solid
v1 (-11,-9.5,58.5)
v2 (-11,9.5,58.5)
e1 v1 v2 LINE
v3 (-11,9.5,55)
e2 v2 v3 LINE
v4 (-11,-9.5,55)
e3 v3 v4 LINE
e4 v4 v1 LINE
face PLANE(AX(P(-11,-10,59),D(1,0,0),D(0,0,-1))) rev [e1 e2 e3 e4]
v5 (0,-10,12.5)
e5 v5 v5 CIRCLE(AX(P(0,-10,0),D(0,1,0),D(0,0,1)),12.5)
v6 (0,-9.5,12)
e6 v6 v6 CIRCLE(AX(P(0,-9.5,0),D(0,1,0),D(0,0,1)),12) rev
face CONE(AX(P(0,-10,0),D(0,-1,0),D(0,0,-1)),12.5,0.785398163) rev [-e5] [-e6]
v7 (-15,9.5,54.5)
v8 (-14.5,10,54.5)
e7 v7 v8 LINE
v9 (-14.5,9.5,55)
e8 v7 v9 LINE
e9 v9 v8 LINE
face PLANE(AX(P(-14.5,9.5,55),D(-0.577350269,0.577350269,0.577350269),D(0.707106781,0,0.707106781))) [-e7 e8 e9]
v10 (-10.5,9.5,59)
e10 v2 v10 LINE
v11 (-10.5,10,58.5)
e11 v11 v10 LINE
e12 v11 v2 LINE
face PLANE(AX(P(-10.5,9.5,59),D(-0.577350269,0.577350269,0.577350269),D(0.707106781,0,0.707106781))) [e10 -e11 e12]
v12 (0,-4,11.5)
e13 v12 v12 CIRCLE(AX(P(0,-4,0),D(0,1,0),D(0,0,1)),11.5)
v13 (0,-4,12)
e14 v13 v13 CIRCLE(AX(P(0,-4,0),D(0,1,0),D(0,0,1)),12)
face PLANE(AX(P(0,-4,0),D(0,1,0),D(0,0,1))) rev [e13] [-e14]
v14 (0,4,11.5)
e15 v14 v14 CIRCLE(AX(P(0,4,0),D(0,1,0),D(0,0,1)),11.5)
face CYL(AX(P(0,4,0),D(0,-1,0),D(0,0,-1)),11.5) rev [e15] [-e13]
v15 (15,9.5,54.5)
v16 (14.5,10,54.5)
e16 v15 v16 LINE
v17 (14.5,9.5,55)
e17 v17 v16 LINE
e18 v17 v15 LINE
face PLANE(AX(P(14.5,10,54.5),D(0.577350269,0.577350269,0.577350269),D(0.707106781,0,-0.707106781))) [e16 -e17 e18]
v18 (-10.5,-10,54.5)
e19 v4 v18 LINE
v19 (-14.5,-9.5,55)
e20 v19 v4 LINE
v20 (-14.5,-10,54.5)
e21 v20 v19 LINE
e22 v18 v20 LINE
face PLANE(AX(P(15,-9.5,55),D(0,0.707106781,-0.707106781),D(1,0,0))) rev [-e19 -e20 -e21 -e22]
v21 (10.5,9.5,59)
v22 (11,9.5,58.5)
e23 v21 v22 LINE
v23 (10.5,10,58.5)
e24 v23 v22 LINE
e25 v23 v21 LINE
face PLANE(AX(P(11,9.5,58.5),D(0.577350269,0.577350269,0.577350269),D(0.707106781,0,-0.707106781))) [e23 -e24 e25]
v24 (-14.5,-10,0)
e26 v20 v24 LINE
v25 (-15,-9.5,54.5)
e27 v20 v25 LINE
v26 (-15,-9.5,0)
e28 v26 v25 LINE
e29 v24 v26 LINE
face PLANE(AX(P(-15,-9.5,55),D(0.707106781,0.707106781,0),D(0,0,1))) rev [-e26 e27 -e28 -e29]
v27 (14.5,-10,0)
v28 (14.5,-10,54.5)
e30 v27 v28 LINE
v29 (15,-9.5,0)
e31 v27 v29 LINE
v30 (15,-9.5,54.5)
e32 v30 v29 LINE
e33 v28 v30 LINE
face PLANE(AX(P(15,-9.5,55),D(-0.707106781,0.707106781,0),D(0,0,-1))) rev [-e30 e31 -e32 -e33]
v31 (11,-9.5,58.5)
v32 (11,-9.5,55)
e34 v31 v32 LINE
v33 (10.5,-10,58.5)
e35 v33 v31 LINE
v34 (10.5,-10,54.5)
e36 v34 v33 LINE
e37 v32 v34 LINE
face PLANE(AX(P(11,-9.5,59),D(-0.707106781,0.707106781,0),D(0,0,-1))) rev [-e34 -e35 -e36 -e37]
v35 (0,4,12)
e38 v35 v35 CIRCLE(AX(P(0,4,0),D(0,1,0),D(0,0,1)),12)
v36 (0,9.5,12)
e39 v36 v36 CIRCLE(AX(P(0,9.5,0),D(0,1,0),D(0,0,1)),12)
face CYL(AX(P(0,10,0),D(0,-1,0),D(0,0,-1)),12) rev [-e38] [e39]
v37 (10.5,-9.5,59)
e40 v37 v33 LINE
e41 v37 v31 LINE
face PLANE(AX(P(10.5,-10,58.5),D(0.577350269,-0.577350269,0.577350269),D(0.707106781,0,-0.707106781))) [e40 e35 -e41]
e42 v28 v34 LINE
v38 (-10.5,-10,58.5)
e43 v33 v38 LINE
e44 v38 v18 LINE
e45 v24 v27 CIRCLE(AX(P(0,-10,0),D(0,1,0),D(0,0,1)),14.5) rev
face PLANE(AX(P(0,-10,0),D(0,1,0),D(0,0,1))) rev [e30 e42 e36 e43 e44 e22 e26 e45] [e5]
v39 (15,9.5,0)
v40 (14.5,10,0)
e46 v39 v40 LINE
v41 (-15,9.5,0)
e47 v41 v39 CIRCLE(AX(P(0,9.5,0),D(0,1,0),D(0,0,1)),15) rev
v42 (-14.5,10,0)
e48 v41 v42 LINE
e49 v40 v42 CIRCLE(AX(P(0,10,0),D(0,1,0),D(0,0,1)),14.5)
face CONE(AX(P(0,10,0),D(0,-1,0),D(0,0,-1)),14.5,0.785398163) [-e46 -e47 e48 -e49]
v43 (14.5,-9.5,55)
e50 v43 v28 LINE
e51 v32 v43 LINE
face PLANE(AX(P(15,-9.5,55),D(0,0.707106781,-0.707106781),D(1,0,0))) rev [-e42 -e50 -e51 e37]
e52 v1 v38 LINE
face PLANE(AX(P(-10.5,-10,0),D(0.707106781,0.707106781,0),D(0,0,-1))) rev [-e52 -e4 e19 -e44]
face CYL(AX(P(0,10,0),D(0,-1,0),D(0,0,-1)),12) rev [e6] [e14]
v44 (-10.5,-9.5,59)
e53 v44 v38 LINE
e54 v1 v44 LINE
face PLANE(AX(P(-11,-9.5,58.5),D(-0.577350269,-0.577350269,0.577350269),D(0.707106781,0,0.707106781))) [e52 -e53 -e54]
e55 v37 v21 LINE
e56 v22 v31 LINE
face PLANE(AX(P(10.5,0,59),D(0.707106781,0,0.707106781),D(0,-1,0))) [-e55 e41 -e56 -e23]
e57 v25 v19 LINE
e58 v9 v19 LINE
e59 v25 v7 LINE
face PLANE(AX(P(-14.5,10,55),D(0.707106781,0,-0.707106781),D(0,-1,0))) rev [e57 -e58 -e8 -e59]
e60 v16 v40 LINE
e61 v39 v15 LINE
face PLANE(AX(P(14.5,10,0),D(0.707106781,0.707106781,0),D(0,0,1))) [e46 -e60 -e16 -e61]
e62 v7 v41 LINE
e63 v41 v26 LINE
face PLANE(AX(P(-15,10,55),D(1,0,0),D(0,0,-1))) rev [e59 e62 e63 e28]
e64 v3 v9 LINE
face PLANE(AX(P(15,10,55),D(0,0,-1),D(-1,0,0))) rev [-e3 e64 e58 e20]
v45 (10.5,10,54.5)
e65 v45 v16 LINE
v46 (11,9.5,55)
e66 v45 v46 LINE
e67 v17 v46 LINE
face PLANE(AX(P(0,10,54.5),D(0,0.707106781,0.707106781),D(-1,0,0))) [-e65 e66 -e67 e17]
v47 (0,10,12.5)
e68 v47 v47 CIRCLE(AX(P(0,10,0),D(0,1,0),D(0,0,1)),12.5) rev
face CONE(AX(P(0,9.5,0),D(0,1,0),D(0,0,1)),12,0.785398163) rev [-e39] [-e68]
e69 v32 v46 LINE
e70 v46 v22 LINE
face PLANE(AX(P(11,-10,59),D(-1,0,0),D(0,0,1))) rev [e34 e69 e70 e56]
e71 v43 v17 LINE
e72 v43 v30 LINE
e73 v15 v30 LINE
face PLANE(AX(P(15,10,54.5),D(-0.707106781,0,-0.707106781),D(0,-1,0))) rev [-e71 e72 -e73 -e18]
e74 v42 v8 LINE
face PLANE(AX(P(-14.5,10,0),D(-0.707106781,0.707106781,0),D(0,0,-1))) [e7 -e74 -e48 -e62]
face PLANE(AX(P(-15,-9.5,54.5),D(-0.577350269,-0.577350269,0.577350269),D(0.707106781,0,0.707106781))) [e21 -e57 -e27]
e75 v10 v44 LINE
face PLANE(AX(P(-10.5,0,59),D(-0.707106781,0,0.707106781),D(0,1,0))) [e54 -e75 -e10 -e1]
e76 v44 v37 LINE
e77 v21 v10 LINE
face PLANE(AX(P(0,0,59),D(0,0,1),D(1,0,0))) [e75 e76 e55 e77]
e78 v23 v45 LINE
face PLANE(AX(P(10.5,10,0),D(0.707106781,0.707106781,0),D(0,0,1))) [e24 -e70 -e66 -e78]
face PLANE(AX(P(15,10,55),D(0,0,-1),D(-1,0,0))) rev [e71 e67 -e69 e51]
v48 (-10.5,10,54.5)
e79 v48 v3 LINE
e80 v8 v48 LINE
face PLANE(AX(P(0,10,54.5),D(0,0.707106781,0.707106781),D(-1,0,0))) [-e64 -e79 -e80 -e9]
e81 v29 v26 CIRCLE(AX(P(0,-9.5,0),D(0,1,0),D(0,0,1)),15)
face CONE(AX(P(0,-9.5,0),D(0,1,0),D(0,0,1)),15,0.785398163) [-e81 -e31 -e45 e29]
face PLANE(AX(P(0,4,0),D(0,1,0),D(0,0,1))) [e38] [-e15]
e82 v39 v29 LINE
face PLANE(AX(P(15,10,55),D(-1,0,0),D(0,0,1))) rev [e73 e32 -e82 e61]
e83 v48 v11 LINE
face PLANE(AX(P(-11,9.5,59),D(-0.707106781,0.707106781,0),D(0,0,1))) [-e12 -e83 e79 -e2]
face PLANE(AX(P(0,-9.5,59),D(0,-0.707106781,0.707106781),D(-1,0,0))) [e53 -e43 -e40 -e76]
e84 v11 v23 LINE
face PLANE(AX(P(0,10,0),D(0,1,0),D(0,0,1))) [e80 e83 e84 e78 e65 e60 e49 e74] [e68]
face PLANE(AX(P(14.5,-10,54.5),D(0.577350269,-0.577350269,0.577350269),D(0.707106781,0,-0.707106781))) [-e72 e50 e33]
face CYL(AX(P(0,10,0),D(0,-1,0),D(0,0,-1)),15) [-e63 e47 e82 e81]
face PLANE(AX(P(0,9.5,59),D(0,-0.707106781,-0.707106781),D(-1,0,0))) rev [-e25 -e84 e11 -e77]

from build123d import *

# Parameters (mm, degrees)
SKETCH1_R           = 12
BOSS_EXTRUDE1_DEPTH = 10
SKETCH2_R           = 12
SKETCH2_R_2         = 11.5
BOSS_EXTRUDE2_DEPTH = 4
SKETCH3_W           = 22
SKETCH3_H           = 20
BOSS_EXTRUDE3_DEPTH = 4
CHAMFER2_SIZE       = 0.5


with BuildPart() as part:
    # Sketch1 → Boss-Extrude1 (new body, symmetric)
    with BuildSketch(Plane(origin=(0, 0, 0), x_dir=(1, 0, 0), z_dir=(0, 1, 0))):
        with BuildLine():
            Line((15, -55), (-15, -55))
            Line((-15, -55), (-15, 0))
            ThreePointArc((-15, 0), (0, 15), (15, 0))
            Line((15, 0), (15, -55))
        make_face()
        Circle(SKETCH1_R, mode=Mode.SUBTRACT)
    extrude(amount=BOSS_EXTRUDE1_DEPTH, both=True)

    # Sketch2 → Boss-Extrude2 (add, symmetric)
    with BuildSketch(Plane(origin=(0, 0, 0), x_dir=(1, 0, 0), z_dir=(0, 1, 0))):
        Circle(SKETCH2_R)
        Circle(SKETCH2_R_2, mode=Mode.SUBTRACT)
    extrude(amount=BOSS_EXTRUDE2_DEPTH, both=True)

    # Sketch3 → Boss-Extrude3 (add)
    with BuildSketch(Plane.XY.offset(55)):
        Rectangle(SKETCH3_W, SKETCH3_H)
    extrude(amount=BOSS_EXTRUDE3_DEPTH)

    # Chamfer2
    chamfer2_edges = [part.edges().sort_by_distance(p)[0] for p in [
        (-15, 10, 27.5),
        (-12, -10, 0),
        (-12, 10, 0),
        (-13, 10, 55),
        (13, -10, 55),
        (13, 10, 55),
        (-11, 10, 57),
        (-11, -10, 57),
        (11, -10, 57),
        (11, 10, 57),
        (-11, 0, 59),
        (0, -10, 59),
        (11, 0, 59),
        (0, 10, 59),
        (15, 10, 27.5),
        (-13, -10, 55),
        (-15, -10, 27.5),
        (0, -10, -15),
        (15, -10, 27.5),
        (0, 10, -15),
        (15, 0, 55),
        (-15, 0, 55),
    ]]
    chamfer(chamfer2_edges, length=CHAMFER2_SIZE)


solid = part.part
